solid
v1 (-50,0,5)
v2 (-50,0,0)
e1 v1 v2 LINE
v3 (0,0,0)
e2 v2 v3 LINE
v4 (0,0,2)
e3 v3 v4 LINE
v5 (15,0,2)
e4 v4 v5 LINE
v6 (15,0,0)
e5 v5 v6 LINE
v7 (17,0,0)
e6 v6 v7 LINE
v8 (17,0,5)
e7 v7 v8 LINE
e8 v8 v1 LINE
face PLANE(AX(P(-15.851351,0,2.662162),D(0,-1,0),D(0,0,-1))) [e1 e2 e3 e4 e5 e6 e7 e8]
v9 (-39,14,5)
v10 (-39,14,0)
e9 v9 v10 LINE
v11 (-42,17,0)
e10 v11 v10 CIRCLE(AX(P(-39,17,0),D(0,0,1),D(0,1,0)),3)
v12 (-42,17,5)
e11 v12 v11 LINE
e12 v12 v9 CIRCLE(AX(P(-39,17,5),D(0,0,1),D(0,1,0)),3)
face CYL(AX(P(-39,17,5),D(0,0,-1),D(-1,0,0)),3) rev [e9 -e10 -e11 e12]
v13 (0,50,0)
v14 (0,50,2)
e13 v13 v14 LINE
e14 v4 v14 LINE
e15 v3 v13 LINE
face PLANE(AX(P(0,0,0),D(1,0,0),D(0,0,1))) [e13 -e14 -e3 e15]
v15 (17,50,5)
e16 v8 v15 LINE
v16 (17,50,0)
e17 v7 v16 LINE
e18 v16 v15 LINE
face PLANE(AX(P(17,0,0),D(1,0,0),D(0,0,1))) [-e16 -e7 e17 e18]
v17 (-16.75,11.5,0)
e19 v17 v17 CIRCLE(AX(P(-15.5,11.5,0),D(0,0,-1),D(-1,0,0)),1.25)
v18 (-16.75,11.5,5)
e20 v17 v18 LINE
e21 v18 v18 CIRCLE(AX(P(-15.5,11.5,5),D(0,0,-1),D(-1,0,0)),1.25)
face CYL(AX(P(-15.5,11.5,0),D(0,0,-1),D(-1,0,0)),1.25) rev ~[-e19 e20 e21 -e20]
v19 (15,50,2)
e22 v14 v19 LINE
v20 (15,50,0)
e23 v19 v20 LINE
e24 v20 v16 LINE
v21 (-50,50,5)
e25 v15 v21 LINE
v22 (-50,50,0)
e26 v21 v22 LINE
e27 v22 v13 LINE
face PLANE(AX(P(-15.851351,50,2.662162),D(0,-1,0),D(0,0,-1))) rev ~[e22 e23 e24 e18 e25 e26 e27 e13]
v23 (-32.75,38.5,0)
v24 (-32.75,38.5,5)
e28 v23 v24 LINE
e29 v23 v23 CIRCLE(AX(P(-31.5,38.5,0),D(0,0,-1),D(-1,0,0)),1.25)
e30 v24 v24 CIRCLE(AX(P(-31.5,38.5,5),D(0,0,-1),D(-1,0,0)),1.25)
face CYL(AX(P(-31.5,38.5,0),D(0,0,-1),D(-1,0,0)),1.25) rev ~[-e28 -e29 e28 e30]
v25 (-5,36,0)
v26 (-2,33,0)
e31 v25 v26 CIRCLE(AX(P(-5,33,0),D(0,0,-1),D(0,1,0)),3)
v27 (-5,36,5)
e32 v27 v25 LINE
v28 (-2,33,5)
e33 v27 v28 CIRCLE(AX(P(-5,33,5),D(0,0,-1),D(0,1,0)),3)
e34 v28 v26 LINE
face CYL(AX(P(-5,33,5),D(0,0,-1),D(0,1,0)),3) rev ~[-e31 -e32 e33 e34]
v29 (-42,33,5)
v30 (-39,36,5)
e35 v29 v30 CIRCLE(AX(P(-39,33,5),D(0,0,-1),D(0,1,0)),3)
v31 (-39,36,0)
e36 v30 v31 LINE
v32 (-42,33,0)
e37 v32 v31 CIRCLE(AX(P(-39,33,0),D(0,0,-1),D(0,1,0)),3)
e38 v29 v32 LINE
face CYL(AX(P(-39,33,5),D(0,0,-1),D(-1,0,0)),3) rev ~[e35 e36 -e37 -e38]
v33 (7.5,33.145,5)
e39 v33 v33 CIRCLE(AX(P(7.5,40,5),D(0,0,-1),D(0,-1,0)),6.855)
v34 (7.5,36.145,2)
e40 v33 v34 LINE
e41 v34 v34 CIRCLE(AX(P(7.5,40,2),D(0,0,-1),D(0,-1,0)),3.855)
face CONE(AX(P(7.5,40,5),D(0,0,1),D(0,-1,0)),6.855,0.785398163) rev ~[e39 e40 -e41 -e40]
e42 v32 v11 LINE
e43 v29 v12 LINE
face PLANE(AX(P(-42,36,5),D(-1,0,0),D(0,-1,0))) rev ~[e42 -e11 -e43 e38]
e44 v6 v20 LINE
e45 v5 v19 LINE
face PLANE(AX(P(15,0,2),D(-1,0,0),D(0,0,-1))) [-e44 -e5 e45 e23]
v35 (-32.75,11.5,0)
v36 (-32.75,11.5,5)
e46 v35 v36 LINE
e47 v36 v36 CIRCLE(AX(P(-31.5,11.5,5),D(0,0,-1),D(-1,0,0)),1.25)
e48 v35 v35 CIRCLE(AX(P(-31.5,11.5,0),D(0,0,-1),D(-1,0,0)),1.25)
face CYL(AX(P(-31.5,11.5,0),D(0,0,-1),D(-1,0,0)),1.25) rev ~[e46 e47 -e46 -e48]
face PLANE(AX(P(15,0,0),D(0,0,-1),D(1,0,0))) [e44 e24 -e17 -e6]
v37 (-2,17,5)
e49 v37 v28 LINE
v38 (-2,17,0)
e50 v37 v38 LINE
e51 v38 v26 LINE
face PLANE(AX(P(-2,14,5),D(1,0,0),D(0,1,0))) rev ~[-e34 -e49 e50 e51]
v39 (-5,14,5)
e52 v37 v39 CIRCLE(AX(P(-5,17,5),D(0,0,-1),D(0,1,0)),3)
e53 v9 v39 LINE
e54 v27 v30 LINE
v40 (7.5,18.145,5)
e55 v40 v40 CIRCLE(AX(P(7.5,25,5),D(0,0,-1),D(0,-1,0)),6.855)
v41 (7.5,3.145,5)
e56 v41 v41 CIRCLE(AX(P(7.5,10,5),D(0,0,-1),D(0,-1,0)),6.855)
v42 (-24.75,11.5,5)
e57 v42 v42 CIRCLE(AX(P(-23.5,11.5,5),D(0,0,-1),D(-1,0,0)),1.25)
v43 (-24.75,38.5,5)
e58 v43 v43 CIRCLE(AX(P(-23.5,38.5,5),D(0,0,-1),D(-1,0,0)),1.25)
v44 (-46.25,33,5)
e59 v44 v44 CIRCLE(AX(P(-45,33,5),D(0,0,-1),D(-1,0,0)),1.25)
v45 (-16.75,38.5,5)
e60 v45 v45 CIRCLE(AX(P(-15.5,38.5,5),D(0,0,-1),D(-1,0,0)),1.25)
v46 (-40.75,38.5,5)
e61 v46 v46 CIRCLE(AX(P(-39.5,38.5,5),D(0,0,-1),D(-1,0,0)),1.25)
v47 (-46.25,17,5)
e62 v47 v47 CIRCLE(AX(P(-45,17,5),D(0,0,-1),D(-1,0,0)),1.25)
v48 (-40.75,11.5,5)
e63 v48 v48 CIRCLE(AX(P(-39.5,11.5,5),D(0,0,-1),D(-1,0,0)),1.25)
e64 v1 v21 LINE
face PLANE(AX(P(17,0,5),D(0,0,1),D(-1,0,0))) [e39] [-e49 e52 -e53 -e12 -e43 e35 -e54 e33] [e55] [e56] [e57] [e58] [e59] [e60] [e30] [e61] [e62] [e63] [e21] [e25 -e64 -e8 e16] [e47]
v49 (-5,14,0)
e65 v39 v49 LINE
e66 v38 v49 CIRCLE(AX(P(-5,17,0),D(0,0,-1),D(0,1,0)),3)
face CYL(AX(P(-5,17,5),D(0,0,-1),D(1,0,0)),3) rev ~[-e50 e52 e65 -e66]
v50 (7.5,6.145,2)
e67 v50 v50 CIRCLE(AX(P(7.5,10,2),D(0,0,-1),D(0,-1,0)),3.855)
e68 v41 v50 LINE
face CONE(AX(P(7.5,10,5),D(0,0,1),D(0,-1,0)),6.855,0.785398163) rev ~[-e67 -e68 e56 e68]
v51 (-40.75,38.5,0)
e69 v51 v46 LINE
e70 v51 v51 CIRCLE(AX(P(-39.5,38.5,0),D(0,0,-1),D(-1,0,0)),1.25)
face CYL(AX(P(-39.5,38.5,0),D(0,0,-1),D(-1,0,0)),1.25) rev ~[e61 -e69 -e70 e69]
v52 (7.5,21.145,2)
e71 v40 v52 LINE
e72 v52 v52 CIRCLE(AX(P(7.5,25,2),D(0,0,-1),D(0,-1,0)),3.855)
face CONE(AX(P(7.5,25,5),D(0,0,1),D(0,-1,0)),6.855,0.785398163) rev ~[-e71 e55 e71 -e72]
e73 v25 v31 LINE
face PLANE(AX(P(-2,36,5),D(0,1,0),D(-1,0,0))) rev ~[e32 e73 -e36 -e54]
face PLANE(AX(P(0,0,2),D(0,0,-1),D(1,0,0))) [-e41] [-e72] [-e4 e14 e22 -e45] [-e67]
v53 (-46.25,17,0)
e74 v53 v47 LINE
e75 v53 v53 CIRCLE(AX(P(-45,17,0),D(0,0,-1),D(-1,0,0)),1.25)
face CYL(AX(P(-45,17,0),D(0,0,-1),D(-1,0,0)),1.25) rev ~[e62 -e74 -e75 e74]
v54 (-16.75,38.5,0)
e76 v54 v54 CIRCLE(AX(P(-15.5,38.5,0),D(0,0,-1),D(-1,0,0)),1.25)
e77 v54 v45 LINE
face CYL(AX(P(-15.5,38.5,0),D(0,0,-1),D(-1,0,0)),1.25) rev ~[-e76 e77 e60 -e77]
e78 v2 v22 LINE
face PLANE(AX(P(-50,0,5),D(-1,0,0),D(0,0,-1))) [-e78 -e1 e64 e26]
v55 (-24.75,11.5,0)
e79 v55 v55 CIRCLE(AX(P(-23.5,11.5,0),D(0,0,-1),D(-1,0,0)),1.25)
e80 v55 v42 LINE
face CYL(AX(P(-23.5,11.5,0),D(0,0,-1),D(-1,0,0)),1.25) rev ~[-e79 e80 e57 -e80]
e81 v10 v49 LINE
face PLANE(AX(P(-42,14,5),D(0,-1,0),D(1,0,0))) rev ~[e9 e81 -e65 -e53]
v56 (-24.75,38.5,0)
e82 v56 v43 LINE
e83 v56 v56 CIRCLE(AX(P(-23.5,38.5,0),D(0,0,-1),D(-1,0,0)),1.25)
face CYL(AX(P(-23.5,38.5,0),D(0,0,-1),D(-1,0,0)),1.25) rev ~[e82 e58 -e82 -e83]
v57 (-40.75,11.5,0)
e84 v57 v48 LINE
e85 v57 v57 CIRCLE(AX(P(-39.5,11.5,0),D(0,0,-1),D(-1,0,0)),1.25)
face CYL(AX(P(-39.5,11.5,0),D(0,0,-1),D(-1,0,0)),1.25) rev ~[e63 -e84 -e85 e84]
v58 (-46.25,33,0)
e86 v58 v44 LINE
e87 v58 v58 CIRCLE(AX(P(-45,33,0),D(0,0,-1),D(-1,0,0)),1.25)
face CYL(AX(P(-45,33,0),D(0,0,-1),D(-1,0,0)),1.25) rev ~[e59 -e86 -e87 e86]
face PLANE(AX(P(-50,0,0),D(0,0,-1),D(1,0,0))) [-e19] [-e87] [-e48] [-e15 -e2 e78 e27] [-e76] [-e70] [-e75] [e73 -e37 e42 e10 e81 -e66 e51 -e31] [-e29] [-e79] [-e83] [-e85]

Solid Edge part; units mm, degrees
sketch "Sketch1" plane through (0, 0, 0) normal (0, -1, 0) x (1, 0, 0)
  line L0 (-50, 0) -> (0, 0)
  line L1 (0, 0) -> (0, 2)
  line L2 (0, 2) -> (15, 2)
  line L3 (15, 2) -> (15, 0)
  line L4 (15, 0) -> (17, 0)
  line L5 (17, 0) -> (17, 5)
  line L6 (17, 5) -> (-50, 5)
  line L7 (-50, 5) -> (-50, 0)
  dimension "D1" = 67
  dimension "D2" = 2
  dimension "D3" = 2
  dimension "D4" = 5
extrude "Protrusion1" add sketch "Sketch1" against normal blind 50
hole "Agujero_1" at (7.5, 10, 5) direction (0, 0, -1) diameter 6.4 end up to next countersink diameter 13.71 countersink angle 90
hole "Hole1" at (7.5, 25, 5) direction (0, 0, -1) diameter 6.4 end up to next countersink diameter 13.71 countersink angle 90
hole "Hole2" at (7.5, 40, 5) direction (0, 0, -1) diameter 6.4 end up to next countersink diameter 13.71 countersink angle 90
sketch "Sketch2" plane through (-25, 25, 0) normal (0, 0, -1) x (-1, 0, 0)
  circle A0 centre (-1.5, -13.5) radius 1.25
  circle A1 centre (6.5, -13.5) radius 1.25
  circle A2 centre (14.5, -13.5) radius 1.25
  circle A3 centre (20, -8) radius 1.25
  circle A4 centre (20, 8) radius 1.25
  circle A5 centre (14.5, 13.5) radius 1.25
  circle A6 centre (-1.5, 13.5) radius 1.25
  circle A7 centre (6.5, 13.5) radius 1.25
  circle A8 centre (-9.5, 13.5) radius 1.25
  circle A9 centre (-9.5, -13.5) radius 1.25
  dimension "D1" = 27
  dimension "D2" = 8
  dimension "D3" = 8
  dimension "D4" = 8
  dimension "D5" = 5.5
  dimension "D6" = 16
  dimension "D7" = 5
  dimension "D8" = 2.5
extrude "Cutout1" cut sketch "Sketch2" against normal up to next
sketch "Sketch3" plane through (-16.5, 25, 5) normal (0, 0, 1) x (1, 0, 0)
  line L0 (-25.5, -11) -> (14.5, -11)
  line L1 (14.5, -11) -> (14.5, 11)
  line L2 (14.5, 11) -> (-25.5, 11)
  line L3 (-25.5, 11) -> (-25.5, -11)
  dimension "D1" = 22
  dimension "D2" = 40
  dimension "D3" = 8
extrude "Cutout2" cut sketch "Sketch3" against normal up to next
fillet "Redondeo_1" radius 3 4 edges at (-42, 36, 2.5) (-42, 14, 2.5) (-2, 14, 2.5) (-2, 36, 2.5)
properties part number "1976-1400-002" material "Aluminio, 7075-T6"
